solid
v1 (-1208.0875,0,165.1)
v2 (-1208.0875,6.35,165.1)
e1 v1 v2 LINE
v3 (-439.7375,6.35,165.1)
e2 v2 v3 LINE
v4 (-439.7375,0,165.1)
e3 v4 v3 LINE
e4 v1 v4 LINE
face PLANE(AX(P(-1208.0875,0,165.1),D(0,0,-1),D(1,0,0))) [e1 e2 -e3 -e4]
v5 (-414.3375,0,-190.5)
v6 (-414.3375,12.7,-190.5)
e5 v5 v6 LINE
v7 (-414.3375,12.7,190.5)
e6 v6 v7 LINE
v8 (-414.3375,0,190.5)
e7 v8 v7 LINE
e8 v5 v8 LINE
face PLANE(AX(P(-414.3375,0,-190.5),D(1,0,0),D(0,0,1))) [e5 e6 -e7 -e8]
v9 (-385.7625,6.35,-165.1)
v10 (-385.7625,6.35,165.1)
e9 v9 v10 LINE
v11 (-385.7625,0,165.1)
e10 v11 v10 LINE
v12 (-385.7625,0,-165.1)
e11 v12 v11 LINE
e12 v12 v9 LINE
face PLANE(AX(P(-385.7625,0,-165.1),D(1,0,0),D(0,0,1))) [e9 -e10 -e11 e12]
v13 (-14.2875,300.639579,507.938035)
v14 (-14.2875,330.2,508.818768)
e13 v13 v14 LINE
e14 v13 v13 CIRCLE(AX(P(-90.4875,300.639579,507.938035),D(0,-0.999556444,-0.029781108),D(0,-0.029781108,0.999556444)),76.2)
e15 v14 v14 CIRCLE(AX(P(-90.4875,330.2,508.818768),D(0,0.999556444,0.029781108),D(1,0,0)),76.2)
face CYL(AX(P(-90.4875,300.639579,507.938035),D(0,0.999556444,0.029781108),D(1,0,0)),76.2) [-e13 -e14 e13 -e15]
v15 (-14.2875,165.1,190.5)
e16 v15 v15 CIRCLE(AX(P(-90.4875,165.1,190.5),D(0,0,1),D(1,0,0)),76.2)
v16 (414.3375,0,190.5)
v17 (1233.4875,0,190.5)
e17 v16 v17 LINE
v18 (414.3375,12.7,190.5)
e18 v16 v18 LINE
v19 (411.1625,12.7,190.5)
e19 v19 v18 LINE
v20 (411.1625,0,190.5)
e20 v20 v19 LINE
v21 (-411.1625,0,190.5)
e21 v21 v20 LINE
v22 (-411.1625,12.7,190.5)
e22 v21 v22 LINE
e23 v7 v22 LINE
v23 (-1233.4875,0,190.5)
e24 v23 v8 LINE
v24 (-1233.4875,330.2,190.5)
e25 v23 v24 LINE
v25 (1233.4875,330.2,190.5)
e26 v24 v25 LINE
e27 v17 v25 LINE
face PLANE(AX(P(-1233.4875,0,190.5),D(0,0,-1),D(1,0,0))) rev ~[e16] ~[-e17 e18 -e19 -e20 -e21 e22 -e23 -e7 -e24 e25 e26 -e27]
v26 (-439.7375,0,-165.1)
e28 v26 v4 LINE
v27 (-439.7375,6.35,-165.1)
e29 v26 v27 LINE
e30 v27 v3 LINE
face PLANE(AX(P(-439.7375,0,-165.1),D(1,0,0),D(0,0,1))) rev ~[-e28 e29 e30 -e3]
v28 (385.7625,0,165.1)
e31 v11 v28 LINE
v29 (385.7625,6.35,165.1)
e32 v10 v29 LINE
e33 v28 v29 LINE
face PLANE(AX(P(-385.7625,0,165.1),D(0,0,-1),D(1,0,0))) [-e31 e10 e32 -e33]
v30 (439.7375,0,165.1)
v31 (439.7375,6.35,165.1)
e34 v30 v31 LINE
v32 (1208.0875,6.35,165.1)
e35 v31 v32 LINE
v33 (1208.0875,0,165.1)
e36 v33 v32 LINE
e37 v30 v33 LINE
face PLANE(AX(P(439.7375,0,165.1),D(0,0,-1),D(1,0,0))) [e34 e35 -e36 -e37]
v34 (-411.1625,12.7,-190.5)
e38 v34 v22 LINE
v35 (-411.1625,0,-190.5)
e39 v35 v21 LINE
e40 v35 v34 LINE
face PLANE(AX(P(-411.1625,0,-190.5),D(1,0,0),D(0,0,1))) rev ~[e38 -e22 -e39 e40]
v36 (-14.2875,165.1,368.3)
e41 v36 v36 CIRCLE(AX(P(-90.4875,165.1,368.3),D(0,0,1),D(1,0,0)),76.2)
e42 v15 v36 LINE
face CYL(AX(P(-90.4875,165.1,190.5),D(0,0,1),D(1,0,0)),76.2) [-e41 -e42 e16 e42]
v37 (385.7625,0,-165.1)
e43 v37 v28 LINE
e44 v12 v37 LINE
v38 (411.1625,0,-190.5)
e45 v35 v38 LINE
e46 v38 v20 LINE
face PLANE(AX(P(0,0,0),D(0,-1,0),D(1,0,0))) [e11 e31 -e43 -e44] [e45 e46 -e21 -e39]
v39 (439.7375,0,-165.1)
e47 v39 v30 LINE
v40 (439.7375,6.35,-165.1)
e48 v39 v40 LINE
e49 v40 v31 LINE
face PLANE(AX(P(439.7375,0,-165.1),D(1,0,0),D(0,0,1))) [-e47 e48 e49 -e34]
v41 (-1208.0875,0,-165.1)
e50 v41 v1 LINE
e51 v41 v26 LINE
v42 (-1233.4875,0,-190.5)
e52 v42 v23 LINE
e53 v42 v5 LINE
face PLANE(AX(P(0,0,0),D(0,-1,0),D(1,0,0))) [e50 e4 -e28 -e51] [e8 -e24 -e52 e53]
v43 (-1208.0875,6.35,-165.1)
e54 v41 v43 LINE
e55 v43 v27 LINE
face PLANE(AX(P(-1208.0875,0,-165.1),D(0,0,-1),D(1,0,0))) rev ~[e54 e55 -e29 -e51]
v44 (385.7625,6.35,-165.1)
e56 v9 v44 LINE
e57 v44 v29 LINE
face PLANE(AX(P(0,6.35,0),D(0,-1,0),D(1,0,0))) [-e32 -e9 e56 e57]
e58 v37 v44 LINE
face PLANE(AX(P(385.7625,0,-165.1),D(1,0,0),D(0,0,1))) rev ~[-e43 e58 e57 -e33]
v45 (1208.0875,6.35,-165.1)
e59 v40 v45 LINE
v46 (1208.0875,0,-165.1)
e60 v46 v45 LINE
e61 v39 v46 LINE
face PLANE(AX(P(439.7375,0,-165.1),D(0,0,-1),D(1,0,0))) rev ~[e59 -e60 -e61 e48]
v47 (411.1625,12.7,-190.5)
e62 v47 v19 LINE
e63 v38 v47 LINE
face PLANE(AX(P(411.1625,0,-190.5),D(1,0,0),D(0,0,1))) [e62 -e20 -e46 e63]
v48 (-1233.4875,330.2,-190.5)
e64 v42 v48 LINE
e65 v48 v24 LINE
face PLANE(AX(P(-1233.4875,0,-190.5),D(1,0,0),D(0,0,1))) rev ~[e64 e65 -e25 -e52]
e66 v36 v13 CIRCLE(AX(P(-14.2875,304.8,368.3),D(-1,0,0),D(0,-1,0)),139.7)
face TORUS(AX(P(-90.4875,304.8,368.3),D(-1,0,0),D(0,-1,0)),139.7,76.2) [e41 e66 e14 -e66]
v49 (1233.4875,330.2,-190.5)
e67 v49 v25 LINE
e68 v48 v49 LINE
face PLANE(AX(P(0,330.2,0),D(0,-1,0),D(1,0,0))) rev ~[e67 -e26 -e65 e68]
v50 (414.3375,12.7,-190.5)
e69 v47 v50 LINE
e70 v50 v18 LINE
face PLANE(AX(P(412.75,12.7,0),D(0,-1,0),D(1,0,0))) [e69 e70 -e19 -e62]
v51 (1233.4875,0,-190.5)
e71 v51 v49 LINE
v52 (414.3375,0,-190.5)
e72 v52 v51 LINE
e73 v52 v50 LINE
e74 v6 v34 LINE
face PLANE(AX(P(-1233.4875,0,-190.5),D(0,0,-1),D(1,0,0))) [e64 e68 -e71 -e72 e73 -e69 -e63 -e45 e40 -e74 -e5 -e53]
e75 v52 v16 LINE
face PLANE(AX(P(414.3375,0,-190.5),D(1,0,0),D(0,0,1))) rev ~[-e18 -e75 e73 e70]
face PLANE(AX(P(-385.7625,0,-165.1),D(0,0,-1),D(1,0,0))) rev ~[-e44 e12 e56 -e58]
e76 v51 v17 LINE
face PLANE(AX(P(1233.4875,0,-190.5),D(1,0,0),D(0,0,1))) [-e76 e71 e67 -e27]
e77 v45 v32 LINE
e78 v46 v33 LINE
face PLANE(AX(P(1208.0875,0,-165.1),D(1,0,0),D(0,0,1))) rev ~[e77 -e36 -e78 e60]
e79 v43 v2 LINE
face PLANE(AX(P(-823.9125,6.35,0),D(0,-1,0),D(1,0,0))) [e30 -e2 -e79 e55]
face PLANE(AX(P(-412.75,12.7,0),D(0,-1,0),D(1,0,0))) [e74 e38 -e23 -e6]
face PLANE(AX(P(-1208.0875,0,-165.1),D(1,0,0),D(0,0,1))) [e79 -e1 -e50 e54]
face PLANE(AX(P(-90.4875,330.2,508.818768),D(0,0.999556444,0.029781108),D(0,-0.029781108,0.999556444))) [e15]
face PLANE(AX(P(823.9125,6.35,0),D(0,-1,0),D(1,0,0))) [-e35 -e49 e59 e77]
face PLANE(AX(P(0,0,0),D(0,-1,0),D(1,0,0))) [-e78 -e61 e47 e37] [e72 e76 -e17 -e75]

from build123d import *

# Parameters (mm, degrees)
F0_W     = 2466.975
F0_H     = 381
F1_DEPTH = 330.2
F2_W     = 3.175
F2_H     = 381
F3_DEPTH = 12.7
F4_W     = 768.35
F4_H     = 330.2
F4_W_2   = 771.525
F5_DEPTH = 6.35
F6_R     = 76.2


with BuildPart() as f1:
    # F0 (on Front) → F1 (new body)
    with BuildSketch(Plane.XZ):
        Rectangle(F0_W, F0_H)
    extrude(amount=-F1_DEPTH)

    # F2 (on face) → F3 (cut)
    with BuildSketch(Plane.XZ):
        with Locations((-412.75, 0)):
            Rectangle(F2_W, F2_H)
        with Locations((412.75, 0)):
            Rectangle(F2_W, F2_H)
    extrude(amount=-F3_DEPTH, mode=Mode.SUBTRACT)

    # F4 (on face) → F5 (cut)
    with BuildSketch(Plane.XZ):
        with Locations((-823.9125, 0)):
            Rectangle(F4_W, F4_H)
        Rectangle(F4_W_2, F4_H)
        with Locations((823.9125, 0)):
            Rectangle(F4_W, F4_H)
    extrude(amount=-F5_DEPTH, mode=Mode.SUBTRACT)

    # F9: sweep along a path in F8
    with BuildLine(Plane(origin=(-90.4875, 0, 0), x_dir=(0, -1, 0), z_dir=(-1, 0, 0))) as f9_path:
        Line((-165.1, 190.5), (-165.1, 368.3))
        ThreePointArc((-165.1, 368.3), (-204.5570431921, 465.6007688069), (-300.6395792471, 507.9380352882))
        Line((-300.6395792471, 507.9380352882), (-330.2, 508.8187680178))
    # F6 (on face) → F9 (sweep)
    with BuildSketch(Plane.XY.offset(190.5)):
        with Locations((-90.4875, 165.1)):
            Circle(F6_R)
    sweep(path=f9_path.line)


solid = f1.part
